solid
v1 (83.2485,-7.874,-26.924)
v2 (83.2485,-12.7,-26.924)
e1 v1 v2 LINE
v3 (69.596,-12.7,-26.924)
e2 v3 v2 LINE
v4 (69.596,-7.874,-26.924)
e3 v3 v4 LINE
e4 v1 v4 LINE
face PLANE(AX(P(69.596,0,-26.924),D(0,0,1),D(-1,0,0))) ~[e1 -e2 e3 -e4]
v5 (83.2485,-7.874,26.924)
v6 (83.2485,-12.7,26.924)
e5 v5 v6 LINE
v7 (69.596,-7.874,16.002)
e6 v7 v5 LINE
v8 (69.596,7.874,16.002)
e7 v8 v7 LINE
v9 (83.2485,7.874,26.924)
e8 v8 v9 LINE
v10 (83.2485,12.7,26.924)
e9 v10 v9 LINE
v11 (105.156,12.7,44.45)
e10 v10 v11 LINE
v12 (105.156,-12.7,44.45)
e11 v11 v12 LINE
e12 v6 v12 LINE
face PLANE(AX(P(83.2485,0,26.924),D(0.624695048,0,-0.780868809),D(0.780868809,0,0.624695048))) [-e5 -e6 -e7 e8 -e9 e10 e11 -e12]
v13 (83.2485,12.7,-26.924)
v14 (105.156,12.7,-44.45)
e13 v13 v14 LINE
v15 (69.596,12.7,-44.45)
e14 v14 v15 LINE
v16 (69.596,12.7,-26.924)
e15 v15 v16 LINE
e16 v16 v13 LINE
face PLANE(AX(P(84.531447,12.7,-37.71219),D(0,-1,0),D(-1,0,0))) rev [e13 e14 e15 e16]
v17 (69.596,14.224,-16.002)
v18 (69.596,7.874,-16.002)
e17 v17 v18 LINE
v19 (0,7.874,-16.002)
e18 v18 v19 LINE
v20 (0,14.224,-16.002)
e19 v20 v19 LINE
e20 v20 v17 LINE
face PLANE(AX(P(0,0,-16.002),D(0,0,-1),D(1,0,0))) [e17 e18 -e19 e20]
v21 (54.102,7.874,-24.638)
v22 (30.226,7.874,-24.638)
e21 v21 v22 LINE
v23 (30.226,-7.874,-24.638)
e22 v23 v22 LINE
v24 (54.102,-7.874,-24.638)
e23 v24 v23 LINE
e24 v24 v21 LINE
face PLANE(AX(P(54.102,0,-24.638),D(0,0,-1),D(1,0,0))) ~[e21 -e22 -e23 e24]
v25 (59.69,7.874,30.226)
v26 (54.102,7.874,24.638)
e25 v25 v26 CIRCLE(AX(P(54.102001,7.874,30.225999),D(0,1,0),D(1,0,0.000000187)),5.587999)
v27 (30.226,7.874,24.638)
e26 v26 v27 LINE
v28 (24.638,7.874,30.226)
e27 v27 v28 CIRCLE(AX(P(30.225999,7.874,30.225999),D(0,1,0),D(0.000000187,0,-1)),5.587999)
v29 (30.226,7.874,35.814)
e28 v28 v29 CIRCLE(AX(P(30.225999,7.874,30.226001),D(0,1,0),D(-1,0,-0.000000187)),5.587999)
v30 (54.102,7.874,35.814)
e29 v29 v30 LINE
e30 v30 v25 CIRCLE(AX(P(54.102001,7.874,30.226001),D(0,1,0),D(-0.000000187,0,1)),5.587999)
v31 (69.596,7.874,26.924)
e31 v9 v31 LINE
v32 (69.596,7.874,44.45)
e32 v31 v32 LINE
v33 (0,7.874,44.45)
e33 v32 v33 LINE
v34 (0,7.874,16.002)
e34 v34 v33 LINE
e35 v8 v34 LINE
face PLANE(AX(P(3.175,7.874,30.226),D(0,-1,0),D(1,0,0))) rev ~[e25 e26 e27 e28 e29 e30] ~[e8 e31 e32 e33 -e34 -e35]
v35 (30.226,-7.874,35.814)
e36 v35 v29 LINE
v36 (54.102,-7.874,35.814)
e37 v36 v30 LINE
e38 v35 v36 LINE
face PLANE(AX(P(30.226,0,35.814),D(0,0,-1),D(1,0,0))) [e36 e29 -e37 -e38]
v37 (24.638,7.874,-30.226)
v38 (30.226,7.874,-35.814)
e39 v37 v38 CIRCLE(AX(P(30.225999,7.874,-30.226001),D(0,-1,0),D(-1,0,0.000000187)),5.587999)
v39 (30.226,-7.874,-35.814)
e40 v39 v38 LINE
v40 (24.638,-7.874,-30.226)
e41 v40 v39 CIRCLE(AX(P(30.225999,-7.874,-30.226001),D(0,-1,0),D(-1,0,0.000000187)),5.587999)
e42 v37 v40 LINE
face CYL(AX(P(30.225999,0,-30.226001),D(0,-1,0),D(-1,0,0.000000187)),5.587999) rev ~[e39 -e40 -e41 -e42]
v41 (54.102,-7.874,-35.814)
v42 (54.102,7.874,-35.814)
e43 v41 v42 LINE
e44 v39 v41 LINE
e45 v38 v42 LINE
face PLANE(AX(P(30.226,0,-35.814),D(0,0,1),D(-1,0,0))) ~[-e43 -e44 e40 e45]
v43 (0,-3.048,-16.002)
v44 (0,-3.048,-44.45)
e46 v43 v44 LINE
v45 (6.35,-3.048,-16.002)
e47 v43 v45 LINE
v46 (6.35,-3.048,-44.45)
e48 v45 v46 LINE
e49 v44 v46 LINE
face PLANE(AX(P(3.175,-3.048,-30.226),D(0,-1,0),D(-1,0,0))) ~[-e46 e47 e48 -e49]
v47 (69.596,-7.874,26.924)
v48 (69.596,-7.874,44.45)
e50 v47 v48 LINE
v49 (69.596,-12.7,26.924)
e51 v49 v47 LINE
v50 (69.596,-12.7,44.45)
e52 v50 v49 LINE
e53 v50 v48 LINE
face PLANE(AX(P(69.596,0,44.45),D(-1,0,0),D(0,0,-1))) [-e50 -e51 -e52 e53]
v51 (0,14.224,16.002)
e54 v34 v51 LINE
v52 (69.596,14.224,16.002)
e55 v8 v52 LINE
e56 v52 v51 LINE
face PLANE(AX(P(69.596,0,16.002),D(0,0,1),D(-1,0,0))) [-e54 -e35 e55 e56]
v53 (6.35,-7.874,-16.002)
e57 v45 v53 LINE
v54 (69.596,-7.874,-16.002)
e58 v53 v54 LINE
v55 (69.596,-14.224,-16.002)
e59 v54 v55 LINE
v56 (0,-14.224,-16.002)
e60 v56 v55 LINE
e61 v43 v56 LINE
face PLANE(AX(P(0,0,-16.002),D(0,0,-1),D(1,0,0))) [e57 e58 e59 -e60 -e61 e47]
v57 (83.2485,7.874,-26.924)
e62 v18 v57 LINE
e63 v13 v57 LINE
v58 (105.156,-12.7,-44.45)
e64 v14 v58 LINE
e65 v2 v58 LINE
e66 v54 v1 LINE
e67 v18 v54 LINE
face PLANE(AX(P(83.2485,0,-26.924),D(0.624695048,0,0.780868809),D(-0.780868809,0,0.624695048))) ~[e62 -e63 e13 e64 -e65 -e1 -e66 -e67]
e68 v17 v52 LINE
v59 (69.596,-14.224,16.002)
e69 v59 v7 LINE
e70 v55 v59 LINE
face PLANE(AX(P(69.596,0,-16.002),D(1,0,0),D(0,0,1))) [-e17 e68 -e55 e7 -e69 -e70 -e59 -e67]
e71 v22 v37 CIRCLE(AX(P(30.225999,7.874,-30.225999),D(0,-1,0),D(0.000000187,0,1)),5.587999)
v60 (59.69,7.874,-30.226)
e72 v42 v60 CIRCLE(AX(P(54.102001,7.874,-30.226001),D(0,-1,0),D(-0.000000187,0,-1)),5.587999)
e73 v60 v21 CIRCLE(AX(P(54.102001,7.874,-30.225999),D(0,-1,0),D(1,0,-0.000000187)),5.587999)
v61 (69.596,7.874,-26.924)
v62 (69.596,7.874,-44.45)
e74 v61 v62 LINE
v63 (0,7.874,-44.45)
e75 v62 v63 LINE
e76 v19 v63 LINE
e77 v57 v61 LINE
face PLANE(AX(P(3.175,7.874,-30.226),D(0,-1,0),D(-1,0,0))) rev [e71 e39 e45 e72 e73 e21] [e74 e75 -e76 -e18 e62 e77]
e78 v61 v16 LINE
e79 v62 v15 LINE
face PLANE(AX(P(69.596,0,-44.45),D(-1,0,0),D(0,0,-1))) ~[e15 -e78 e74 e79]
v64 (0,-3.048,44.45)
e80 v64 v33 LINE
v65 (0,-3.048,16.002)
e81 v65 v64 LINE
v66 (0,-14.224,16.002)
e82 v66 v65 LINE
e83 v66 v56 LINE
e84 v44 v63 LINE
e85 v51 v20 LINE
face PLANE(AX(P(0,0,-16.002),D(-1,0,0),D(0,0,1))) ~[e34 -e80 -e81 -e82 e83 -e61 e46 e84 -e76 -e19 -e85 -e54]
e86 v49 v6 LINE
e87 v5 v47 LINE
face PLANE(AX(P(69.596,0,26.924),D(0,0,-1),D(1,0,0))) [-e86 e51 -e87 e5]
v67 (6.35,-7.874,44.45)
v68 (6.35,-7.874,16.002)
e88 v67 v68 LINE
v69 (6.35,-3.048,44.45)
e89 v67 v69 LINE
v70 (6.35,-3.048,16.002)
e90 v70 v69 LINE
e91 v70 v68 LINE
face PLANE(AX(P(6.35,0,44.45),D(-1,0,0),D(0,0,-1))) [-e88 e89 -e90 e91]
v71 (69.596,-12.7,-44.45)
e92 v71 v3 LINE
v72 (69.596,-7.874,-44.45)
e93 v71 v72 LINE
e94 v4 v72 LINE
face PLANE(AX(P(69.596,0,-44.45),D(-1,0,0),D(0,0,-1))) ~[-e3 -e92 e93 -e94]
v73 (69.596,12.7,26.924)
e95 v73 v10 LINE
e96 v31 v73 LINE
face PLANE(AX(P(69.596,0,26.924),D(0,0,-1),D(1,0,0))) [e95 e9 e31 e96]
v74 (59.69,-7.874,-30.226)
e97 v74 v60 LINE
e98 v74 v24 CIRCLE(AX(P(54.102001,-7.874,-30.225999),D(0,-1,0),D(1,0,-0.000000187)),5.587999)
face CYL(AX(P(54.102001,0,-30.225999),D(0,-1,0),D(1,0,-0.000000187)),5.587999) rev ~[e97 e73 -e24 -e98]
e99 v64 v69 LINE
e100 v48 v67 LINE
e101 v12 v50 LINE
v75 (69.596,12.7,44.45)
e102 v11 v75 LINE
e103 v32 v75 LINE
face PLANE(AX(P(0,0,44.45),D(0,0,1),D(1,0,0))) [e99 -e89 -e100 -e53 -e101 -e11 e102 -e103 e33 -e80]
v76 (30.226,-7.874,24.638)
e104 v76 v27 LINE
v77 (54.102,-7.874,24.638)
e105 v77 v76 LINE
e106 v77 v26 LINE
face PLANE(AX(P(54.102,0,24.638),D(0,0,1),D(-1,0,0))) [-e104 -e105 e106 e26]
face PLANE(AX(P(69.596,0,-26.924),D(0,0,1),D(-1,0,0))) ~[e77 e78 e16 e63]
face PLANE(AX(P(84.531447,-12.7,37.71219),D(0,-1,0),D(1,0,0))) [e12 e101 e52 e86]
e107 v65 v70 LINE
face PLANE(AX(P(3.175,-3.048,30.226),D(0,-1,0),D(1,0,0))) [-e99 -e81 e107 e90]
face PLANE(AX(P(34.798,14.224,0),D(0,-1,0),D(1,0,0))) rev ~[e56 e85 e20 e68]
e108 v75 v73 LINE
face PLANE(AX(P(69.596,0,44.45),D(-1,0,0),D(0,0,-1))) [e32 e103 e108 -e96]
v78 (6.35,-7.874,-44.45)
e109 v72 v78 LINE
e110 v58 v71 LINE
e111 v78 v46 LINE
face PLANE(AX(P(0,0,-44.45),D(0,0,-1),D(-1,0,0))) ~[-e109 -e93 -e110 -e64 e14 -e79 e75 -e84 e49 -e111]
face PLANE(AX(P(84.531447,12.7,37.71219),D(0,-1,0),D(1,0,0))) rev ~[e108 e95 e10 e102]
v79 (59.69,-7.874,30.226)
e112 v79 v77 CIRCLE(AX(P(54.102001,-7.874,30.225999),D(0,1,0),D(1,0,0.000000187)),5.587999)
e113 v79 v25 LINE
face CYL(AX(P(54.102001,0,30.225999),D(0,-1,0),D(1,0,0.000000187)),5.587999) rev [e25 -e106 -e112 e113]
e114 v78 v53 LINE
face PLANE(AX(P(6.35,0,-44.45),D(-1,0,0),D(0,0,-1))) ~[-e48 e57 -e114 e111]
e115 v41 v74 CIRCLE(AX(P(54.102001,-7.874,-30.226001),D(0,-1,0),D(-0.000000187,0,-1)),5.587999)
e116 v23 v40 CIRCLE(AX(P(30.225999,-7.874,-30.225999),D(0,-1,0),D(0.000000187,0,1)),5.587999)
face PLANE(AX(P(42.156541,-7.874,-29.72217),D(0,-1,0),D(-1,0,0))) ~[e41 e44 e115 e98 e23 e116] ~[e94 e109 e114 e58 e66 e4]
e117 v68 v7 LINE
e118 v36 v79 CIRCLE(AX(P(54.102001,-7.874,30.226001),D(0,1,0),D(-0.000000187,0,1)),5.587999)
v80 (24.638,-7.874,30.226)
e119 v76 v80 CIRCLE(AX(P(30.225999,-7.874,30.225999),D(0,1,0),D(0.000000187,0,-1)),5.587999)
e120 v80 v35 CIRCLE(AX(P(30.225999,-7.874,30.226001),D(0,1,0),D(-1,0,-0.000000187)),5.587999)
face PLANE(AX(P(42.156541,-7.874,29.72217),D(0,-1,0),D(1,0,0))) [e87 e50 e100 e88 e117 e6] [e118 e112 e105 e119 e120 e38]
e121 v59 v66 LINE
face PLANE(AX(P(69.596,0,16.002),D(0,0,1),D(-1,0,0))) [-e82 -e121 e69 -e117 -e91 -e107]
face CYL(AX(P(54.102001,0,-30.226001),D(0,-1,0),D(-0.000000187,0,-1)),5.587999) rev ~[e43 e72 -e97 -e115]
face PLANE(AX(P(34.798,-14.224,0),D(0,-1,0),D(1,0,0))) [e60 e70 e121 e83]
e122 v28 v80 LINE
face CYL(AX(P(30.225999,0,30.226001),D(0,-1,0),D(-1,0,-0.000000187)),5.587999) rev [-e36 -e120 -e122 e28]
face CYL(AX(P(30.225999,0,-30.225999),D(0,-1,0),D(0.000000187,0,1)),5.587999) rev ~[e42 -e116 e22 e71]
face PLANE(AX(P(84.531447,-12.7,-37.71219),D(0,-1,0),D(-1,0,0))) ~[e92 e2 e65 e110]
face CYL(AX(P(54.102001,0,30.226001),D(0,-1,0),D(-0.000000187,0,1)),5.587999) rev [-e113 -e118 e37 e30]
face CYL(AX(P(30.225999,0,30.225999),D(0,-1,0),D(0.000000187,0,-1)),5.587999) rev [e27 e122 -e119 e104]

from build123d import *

# Parameters (mm, degrees)
F1_DEPTH = 7.874
F2_DEPTH = 14.224
F3_DEPTH = 12.7
F0_W     = 6.35
F0_H     = 28.448
F4_DEPTH = 7.874
F5_DEPTH = 3.048


with BuildPart() as f1:
    # F0 (on Front) → F1 (new body, symmetric)
    with BuildSketch(Plane.XZ):
        Polygon((6.35, 44.45), (6.35, 16.002), (69.596, 16.002), (83.2485, 26.924), (69.596, 26.924), (69.596, 44.45), align=None)
        with BuildLine():
            ThreePointArc((24.638, 30.226), (26.274687, 34.177313), (30.226, 35.814))
            Line((30.226, 35.814), (54.102, 35.814))
            ThreePointArc((54.102, 35.814), (58.053313, 34.177313), (59.69, 30.226))
            ThreePointArc((59.69, 30.226), (58.053313, 26.274687), (54.102, 24.638))
            Line((54.102, 24.638), (30.226, 24.638))
            ThreePointArc((30.226, 24.638), (26.274687, 26.274687), (24.638, 30.226))
        make_face(mode=Mode.SUBTRACT)
    extrude(amount=F1_DEPTH, both=True)

    # F0 (on Front) → F2 (join, symmetric)
    with BuildSketch(Plane.XZ):
        Polygon((0, 16.002), (0, 0), (0, -16.002), (6.35, -16.002), (69.596, -16.002), (69.596, 0), (69.596, 16.002), (6.35, 16.002), align=None)
    extrude(amount=F2_DEPTH, both=True)

    # F0 (on Front) → F3 (join, symmetric)
    with BuildSketch(Plane.XZ):
        Polygon((69.596, 26.924), (83.2485, 26.924), (105.156, 44.45), (69.596, 44.45), align=None)
    extrude(amount=F3_DEPTH, both=True)

    # F0 (on Front) → F4 (join)
    with BuildSketch(Plane.XZ):
        with Locations((3.175, 30.226)):
            Rectangle(F0_W, F0_H)
    extrude(amount=-F4_DEPTH)

    # F0 (on Front) → F5 (join)
    with BuildSketch(Plane.XZ):
        with Locations((3.175, 30.226)):
            Rectangle(F0_W, F0_H)
    extrude(amount=F5_DEPTH)

    # F6: F1 across plane


with BuildPart() as f1_1:
    add(f1.part)
    add(f1.part.mirror(Plane.XY))


solid = f1_1.part
